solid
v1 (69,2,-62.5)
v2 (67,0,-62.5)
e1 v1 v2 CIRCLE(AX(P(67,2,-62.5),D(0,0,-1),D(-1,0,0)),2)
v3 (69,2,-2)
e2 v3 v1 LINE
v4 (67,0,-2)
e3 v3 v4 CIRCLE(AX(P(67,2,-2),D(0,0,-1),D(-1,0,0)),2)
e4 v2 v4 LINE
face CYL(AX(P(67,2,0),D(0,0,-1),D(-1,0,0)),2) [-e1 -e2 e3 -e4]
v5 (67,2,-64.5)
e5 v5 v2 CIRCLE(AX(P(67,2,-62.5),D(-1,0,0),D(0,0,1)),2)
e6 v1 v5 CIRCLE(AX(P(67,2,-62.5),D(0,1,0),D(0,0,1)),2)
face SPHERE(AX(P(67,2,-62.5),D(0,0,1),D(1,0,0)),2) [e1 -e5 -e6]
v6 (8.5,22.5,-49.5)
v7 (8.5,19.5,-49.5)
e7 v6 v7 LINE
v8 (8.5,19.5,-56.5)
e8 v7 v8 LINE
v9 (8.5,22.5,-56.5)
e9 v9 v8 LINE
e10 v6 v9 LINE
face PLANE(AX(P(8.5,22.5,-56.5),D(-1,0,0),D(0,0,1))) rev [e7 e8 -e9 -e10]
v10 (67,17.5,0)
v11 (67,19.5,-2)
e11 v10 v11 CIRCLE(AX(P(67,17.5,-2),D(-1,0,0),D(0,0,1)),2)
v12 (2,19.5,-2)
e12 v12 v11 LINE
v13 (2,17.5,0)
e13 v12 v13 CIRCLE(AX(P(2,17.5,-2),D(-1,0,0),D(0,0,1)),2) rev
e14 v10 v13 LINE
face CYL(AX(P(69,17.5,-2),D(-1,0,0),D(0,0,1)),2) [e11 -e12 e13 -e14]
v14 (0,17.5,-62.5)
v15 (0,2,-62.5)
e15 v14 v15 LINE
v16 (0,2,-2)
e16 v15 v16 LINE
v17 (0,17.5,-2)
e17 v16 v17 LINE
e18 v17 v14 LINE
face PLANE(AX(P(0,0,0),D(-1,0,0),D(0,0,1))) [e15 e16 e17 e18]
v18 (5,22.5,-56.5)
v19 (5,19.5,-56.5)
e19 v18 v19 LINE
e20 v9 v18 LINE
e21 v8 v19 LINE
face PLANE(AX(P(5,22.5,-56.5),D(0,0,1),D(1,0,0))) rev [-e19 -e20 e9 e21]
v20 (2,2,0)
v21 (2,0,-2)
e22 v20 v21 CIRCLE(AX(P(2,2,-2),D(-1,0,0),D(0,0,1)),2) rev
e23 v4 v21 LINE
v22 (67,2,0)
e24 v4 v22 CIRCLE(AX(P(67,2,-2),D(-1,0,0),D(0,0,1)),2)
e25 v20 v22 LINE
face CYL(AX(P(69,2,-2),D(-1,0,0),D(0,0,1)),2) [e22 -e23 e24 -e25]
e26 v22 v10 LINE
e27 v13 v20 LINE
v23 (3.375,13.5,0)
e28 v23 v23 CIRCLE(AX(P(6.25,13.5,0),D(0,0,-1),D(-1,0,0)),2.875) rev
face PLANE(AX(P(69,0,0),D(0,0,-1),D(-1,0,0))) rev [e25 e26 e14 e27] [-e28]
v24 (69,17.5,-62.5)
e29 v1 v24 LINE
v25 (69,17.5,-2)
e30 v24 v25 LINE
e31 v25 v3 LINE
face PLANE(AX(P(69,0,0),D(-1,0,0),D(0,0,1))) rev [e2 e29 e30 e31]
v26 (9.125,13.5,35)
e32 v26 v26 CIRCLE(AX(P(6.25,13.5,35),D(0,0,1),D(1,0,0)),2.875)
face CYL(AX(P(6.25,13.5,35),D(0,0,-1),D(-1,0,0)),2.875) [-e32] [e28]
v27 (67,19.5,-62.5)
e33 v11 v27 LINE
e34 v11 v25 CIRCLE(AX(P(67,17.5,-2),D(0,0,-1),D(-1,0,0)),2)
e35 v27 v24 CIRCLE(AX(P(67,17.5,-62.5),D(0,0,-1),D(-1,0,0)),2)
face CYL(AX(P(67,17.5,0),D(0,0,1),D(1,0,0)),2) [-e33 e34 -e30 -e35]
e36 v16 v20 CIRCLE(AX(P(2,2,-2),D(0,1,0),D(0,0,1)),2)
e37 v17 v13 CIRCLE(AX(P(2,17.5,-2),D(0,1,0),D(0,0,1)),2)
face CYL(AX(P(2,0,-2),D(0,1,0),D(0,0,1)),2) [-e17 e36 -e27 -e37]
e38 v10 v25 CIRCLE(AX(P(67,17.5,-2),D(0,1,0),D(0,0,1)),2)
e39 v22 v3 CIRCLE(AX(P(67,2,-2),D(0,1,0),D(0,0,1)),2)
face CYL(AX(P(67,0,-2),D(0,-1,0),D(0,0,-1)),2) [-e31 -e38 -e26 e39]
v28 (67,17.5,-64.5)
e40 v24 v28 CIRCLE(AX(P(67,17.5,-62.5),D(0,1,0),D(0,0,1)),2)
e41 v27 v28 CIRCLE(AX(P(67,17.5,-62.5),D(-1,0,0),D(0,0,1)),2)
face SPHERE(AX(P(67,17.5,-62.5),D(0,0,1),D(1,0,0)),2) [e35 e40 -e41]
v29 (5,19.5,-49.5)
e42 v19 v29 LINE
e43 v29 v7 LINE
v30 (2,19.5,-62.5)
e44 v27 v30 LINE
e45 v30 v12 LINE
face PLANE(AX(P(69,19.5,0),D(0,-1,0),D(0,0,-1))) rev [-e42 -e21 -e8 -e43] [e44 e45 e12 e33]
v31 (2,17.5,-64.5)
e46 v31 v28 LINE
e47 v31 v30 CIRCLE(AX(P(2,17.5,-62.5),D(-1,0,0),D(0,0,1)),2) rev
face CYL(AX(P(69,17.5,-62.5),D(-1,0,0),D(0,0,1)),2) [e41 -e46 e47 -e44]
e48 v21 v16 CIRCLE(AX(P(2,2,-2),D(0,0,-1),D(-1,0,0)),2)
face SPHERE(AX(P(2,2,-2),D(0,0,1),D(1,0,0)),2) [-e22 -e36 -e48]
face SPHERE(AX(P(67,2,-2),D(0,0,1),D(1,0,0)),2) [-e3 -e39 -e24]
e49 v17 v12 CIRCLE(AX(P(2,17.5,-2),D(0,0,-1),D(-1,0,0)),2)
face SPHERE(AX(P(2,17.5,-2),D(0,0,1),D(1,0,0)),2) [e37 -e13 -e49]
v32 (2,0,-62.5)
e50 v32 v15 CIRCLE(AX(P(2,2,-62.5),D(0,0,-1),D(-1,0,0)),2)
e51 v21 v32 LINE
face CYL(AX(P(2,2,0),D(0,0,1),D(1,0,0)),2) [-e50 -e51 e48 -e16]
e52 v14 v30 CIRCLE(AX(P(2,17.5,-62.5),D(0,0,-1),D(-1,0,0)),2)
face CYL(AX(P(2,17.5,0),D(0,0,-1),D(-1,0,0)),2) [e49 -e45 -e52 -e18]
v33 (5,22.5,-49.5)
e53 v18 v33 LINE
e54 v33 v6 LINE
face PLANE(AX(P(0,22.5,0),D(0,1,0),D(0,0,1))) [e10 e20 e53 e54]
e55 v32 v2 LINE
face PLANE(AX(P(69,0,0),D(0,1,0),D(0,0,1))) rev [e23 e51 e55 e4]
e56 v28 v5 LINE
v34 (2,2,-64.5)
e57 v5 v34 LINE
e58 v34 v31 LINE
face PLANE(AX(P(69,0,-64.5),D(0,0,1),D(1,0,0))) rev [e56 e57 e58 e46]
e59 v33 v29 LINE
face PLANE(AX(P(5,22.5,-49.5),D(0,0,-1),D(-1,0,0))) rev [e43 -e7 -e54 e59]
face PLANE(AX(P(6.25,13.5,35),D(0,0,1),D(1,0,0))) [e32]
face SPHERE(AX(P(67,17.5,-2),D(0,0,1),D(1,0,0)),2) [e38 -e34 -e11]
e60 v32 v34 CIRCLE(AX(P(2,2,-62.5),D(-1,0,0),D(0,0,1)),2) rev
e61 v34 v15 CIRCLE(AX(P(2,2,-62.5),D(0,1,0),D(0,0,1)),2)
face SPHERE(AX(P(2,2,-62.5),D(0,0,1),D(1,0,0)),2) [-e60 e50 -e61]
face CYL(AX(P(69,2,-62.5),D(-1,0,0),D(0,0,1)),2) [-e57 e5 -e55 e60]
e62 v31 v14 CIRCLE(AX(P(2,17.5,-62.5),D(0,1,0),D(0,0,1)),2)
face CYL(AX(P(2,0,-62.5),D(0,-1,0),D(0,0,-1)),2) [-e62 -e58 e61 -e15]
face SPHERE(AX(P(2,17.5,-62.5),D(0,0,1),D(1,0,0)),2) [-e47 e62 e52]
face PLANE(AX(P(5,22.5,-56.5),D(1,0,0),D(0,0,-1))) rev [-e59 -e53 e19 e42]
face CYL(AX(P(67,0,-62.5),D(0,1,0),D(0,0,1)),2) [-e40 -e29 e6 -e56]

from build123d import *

# Parameters (mm, degrees)
SKETCH1_W           = 64.5
SKETCH1_H           = 19.5
BOSS_EXTRUDE1_DEPTH = 69
FILLET1_R           = 2
FILLET2_R           = 2
SKETCH2_R           = 2.875
BOSS_EXTRUDE2_DEPTH = 35
SKETCH3_W           = 3.5
SKETCH3_H           = 7
BOSS_EXTRUDE3_DEPTH = 3


with BuildPart() as part:
    # Sketch1 → Boss-Extrude1 (new body)
    with BuildSketch(Plane(origin=(0, 0, 0), x_dir=(0, 0, -1), z_dir=(1, 0, 0))):
        with Locations((32.25, 9.75)):
            Rectangle(SKETCH1_W, SKETCH1_H)
    extrude(amount=BOSS_EXTRUDE1_DEPTH)

    # Fillet1
    fillet1_edges = [part.edges().sort_by_distance(p)[0] for p in [
        (34.5, 19.5, 0),
        (34.5, 19.5, -64.5),
        (34.5, 0, -64.5),
        (34.5, 0, 0),
    ]]
    fillet(fillet1_edges, radius=FILLET1_R)

    # Fillet2
    fillet2_edges = [part.edges().sort_by_distance(p)[0] for p in [
        (0, 0, -32.25),
        (69, 0, -32.25),
        (0, 9.75, 0),
        (0, 19.5, -32.25),
        (0, 9.75, -64.5),
        (0, 18.914213562, -63.914213562),
        (0, 0.585786438, -63.914213562),
        (0, 18.914213562, -0.585786438),
        (0, 0.585786438, -0.585786438),
        (69, 9.75, 0),
        (69, 9.75, -64.5),
        (69, 19.5, -32.25),
        (69, 18.914213562, -63.914213562),
        (69, 0.585786438, -63.914213562),
        (69, 18.914213562, -0.585786438),
        (69, 0.585786438, -0.585786438),
    ]]
    fillet(fillet2_edges, radius=FILLET2_R)

    # Sketch2 → Boss-Extrude2 (add)
    with BuildSketch(Plane.XY):
        with Locations(Location((6.25, 13.5, 0), (0, 0, 180))):
            Circle(SKETCH2_R)
    extrude(amount=BOSS_EXTRUDE2_DEPTH)

    # Sketch3 → Boss-Extrude3 (add)
    with BuildSketch(Plane(origin=(0, 19.5, 0), x_dir=(1, 0, 0), z_dir=(0, 1, 0))):
        with Locations((6.75, 53)):
            Rectangle(SKETCH3_W, SKETCH3_H)
    extrude(amount=BOSS_EXTRUDE3_DEPTH)


solid = part.part
